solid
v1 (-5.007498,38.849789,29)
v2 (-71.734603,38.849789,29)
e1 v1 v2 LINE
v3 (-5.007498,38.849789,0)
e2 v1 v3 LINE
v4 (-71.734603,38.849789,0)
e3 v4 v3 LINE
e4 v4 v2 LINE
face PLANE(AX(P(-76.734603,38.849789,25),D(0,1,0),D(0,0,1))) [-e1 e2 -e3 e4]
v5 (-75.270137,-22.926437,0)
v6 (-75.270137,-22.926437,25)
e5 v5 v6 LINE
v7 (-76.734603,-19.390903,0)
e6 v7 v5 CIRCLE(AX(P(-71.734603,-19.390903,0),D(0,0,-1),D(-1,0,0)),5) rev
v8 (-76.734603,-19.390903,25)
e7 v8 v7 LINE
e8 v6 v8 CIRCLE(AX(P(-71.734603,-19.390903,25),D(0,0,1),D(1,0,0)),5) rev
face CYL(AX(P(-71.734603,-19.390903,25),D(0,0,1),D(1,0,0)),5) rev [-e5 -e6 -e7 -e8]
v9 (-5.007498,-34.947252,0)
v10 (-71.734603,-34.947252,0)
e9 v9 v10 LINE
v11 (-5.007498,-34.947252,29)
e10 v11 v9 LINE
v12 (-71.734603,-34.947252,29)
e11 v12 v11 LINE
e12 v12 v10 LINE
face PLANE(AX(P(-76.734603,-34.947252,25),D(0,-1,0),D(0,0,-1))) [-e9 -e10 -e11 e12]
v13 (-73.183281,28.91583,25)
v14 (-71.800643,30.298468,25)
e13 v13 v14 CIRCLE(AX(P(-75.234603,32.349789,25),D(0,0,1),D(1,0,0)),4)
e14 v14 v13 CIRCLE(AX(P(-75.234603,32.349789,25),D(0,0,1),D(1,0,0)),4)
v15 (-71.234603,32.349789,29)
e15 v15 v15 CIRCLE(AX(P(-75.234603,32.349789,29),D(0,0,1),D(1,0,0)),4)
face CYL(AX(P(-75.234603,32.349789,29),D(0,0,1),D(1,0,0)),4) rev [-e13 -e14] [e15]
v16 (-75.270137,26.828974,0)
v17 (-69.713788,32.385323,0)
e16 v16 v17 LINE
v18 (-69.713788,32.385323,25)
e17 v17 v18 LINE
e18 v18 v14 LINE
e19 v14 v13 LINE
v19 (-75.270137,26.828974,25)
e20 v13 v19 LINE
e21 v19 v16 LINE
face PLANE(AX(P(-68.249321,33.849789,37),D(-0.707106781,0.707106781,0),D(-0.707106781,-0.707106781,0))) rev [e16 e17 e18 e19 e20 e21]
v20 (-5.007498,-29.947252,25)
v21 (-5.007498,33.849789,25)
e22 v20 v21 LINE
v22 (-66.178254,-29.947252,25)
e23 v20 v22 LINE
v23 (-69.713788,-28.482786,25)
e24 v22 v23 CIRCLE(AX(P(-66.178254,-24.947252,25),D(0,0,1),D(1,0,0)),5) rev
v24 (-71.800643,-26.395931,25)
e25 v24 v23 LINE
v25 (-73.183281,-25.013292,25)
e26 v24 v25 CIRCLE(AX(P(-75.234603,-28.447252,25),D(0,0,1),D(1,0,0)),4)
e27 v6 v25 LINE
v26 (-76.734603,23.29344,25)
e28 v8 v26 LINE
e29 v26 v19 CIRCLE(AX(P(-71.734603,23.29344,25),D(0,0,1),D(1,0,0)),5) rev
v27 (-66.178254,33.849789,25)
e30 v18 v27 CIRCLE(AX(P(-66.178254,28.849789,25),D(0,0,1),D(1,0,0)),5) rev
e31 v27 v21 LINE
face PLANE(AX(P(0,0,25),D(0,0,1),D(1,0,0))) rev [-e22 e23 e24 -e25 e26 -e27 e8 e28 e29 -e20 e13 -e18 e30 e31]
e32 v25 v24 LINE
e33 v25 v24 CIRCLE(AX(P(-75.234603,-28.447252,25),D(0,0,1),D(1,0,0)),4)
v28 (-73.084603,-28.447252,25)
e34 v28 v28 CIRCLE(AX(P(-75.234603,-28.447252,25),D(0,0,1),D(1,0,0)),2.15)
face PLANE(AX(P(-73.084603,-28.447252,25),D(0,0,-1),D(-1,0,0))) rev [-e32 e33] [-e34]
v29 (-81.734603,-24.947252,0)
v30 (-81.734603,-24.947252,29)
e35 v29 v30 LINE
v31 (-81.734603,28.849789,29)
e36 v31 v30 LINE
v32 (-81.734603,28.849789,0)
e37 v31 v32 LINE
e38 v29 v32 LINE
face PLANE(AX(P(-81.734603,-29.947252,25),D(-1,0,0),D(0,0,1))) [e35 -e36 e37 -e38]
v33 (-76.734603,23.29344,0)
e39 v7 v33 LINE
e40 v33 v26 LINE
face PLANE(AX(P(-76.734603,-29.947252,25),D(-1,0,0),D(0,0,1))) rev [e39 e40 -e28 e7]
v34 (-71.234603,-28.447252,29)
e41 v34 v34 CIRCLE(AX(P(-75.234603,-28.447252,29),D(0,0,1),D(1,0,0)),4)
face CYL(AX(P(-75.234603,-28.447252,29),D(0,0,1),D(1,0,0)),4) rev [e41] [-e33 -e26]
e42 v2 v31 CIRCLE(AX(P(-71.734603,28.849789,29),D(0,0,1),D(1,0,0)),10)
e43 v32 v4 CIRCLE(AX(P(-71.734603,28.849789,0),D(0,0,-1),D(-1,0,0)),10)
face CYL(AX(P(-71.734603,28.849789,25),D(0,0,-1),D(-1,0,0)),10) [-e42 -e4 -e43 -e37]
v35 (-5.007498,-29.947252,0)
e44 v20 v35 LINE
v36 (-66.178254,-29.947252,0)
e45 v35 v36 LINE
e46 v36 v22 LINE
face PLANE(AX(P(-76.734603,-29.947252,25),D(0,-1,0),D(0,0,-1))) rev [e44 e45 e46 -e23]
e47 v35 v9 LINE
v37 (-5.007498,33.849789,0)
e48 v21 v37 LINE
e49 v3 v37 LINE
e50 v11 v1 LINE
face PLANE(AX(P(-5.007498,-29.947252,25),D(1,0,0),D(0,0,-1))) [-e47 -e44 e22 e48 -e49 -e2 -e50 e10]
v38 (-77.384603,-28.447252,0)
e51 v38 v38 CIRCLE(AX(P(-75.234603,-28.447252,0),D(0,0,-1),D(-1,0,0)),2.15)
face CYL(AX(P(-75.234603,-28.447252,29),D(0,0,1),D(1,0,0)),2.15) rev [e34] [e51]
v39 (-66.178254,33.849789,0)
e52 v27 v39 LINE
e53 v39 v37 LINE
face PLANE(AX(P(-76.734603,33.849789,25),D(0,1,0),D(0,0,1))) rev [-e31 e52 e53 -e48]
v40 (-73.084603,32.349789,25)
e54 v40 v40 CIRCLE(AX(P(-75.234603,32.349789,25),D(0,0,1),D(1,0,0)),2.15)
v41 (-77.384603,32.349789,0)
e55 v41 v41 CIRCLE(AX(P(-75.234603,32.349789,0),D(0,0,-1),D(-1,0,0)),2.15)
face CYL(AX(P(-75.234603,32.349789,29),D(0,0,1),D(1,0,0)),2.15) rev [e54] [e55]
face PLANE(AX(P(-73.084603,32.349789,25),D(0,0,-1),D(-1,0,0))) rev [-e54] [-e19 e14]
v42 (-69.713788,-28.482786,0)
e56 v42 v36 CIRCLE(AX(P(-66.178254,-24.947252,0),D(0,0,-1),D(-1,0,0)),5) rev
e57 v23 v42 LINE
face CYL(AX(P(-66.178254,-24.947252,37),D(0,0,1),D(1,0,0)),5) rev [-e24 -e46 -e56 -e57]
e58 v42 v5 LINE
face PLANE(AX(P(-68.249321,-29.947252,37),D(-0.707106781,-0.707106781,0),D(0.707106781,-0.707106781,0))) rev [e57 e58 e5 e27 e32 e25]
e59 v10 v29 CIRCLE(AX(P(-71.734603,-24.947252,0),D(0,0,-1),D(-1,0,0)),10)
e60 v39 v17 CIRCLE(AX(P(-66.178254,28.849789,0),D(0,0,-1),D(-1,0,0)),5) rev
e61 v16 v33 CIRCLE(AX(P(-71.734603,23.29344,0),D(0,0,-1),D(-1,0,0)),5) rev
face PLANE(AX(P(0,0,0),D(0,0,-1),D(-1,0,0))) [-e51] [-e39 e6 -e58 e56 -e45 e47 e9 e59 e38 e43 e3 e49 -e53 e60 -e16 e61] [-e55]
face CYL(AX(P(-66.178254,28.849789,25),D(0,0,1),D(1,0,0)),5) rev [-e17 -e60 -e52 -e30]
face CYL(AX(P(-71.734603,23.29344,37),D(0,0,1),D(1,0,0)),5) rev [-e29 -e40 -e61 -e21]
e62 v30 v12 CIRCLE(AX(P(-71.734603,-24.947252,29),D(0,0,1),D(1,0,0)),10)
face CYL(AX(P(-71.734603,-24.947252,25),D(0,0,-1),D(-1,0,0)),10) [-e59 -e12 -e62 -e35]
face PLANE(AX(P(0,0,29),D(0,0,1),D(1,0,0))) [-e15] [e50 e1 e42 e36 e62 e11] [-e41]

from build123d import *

# Parameters (mm, degrees)
EXTRUDE_THIN1_DEPTH            = 25
BOSS_EXTRUDE1_DEPTH            = 25
SKETCH3_W                      = 76.727105056
SKETCH3_H                      = 73.797041503
BOSS_EXTRUDE2_DEPTH            = 4
FILLET1_R                      = 10
FILLET2_R                      = 5
CBORE_FOR_M4_SHCS1_D           = 4.3
CBORE_FOR_M4_SHCS1_CBORE_D     = 8
CBORE_FOR_M4_SHCS1_CBORE_DEPTH = 4


with BuildPart() as part:
    # Sketch1 → Extrude-Thin1 (new body)
    with BuildSketch(Plane.XY):
        Polygon((-5.007497798, -29.94725217), (-76.734602854, -29.94725217), (-76.734602854, 33.849789333), (-5.007497798, 33.849789333), (-5.007497798, 38.849789333), (-81.734602854, 38.849789333), (-81.734602854, -34.94725217), (-5.007497798, -34.94725217), align=None)
    extrude(amount=EXTRUDE_THIN1_DEPTH)

    # Sketch2 → Boss-Extrude1 (add)
    with BuildSketch(Plane.XY):
        Polygon((-68.24932148, 33.849789333), (-76.734602854, 25.364507959), (-76.734602854, 33.849789333), align=None)
        Polygon((-76.734602854, -29.94725217), (-68.24932148, -29.94725217), (-76.734602854, -21.461970795), align=None)
    extrude(amount=BOSS_EXTRUDE1_DEPTH)

    # Sketch3 → Boss-Extrude2 (add)
    with BuildSketch(Plane.XY.offset(25)):
        with Locations((-43.371050326, 1.951268582)):
            Rectangle(SKETCH3_W, SKETCH3_H)
    extrude(amount=BOSS_EXTRUDE2_DEPTH)

    # Fillet1
    fillet1_edges = [part.edges().sort_by_distance(p)[0] for p in [
        (-81.734602854, -34.94725217, 14.5),
        (-81.734602854, 38.849789333, 14.5),
    ]]
    fillet(fillet1_edges, radius=FILLET1_R)

    # Fillet2
    fillet2_edges = [part.edges().sort_by_distance(p)[0] for p in [
        (-68.24932148, -29.94725217, 12.5),
        (-76.734602854, -21.461970795, 12.5),
        (-68.24932148, 33.849789333, 12.5),
        (-76.734602854, 25.364507959, 12.5),
    ]]
    fillet(fillet2_edges, radius=FILLET2_R)

    # CBORE for M4 SHCS1 (through all)
    with Locations(Plane(origin=(-75.234602854, 32.349789333, 29), x_dir=(1, 0, 0), z_dir=(0, 0, 1))):
        with Locations((0, 0), (0, -60.797041503)):
            CounterBoreHole(CBORE_FOR_M4_SHCS1_D / 2, CBORE_FOR_M4_SHCS1_CBORE_D / 2, CBORE_FOR_M4_SHCS1_CBORE_DEPTH)


solid = part.part
